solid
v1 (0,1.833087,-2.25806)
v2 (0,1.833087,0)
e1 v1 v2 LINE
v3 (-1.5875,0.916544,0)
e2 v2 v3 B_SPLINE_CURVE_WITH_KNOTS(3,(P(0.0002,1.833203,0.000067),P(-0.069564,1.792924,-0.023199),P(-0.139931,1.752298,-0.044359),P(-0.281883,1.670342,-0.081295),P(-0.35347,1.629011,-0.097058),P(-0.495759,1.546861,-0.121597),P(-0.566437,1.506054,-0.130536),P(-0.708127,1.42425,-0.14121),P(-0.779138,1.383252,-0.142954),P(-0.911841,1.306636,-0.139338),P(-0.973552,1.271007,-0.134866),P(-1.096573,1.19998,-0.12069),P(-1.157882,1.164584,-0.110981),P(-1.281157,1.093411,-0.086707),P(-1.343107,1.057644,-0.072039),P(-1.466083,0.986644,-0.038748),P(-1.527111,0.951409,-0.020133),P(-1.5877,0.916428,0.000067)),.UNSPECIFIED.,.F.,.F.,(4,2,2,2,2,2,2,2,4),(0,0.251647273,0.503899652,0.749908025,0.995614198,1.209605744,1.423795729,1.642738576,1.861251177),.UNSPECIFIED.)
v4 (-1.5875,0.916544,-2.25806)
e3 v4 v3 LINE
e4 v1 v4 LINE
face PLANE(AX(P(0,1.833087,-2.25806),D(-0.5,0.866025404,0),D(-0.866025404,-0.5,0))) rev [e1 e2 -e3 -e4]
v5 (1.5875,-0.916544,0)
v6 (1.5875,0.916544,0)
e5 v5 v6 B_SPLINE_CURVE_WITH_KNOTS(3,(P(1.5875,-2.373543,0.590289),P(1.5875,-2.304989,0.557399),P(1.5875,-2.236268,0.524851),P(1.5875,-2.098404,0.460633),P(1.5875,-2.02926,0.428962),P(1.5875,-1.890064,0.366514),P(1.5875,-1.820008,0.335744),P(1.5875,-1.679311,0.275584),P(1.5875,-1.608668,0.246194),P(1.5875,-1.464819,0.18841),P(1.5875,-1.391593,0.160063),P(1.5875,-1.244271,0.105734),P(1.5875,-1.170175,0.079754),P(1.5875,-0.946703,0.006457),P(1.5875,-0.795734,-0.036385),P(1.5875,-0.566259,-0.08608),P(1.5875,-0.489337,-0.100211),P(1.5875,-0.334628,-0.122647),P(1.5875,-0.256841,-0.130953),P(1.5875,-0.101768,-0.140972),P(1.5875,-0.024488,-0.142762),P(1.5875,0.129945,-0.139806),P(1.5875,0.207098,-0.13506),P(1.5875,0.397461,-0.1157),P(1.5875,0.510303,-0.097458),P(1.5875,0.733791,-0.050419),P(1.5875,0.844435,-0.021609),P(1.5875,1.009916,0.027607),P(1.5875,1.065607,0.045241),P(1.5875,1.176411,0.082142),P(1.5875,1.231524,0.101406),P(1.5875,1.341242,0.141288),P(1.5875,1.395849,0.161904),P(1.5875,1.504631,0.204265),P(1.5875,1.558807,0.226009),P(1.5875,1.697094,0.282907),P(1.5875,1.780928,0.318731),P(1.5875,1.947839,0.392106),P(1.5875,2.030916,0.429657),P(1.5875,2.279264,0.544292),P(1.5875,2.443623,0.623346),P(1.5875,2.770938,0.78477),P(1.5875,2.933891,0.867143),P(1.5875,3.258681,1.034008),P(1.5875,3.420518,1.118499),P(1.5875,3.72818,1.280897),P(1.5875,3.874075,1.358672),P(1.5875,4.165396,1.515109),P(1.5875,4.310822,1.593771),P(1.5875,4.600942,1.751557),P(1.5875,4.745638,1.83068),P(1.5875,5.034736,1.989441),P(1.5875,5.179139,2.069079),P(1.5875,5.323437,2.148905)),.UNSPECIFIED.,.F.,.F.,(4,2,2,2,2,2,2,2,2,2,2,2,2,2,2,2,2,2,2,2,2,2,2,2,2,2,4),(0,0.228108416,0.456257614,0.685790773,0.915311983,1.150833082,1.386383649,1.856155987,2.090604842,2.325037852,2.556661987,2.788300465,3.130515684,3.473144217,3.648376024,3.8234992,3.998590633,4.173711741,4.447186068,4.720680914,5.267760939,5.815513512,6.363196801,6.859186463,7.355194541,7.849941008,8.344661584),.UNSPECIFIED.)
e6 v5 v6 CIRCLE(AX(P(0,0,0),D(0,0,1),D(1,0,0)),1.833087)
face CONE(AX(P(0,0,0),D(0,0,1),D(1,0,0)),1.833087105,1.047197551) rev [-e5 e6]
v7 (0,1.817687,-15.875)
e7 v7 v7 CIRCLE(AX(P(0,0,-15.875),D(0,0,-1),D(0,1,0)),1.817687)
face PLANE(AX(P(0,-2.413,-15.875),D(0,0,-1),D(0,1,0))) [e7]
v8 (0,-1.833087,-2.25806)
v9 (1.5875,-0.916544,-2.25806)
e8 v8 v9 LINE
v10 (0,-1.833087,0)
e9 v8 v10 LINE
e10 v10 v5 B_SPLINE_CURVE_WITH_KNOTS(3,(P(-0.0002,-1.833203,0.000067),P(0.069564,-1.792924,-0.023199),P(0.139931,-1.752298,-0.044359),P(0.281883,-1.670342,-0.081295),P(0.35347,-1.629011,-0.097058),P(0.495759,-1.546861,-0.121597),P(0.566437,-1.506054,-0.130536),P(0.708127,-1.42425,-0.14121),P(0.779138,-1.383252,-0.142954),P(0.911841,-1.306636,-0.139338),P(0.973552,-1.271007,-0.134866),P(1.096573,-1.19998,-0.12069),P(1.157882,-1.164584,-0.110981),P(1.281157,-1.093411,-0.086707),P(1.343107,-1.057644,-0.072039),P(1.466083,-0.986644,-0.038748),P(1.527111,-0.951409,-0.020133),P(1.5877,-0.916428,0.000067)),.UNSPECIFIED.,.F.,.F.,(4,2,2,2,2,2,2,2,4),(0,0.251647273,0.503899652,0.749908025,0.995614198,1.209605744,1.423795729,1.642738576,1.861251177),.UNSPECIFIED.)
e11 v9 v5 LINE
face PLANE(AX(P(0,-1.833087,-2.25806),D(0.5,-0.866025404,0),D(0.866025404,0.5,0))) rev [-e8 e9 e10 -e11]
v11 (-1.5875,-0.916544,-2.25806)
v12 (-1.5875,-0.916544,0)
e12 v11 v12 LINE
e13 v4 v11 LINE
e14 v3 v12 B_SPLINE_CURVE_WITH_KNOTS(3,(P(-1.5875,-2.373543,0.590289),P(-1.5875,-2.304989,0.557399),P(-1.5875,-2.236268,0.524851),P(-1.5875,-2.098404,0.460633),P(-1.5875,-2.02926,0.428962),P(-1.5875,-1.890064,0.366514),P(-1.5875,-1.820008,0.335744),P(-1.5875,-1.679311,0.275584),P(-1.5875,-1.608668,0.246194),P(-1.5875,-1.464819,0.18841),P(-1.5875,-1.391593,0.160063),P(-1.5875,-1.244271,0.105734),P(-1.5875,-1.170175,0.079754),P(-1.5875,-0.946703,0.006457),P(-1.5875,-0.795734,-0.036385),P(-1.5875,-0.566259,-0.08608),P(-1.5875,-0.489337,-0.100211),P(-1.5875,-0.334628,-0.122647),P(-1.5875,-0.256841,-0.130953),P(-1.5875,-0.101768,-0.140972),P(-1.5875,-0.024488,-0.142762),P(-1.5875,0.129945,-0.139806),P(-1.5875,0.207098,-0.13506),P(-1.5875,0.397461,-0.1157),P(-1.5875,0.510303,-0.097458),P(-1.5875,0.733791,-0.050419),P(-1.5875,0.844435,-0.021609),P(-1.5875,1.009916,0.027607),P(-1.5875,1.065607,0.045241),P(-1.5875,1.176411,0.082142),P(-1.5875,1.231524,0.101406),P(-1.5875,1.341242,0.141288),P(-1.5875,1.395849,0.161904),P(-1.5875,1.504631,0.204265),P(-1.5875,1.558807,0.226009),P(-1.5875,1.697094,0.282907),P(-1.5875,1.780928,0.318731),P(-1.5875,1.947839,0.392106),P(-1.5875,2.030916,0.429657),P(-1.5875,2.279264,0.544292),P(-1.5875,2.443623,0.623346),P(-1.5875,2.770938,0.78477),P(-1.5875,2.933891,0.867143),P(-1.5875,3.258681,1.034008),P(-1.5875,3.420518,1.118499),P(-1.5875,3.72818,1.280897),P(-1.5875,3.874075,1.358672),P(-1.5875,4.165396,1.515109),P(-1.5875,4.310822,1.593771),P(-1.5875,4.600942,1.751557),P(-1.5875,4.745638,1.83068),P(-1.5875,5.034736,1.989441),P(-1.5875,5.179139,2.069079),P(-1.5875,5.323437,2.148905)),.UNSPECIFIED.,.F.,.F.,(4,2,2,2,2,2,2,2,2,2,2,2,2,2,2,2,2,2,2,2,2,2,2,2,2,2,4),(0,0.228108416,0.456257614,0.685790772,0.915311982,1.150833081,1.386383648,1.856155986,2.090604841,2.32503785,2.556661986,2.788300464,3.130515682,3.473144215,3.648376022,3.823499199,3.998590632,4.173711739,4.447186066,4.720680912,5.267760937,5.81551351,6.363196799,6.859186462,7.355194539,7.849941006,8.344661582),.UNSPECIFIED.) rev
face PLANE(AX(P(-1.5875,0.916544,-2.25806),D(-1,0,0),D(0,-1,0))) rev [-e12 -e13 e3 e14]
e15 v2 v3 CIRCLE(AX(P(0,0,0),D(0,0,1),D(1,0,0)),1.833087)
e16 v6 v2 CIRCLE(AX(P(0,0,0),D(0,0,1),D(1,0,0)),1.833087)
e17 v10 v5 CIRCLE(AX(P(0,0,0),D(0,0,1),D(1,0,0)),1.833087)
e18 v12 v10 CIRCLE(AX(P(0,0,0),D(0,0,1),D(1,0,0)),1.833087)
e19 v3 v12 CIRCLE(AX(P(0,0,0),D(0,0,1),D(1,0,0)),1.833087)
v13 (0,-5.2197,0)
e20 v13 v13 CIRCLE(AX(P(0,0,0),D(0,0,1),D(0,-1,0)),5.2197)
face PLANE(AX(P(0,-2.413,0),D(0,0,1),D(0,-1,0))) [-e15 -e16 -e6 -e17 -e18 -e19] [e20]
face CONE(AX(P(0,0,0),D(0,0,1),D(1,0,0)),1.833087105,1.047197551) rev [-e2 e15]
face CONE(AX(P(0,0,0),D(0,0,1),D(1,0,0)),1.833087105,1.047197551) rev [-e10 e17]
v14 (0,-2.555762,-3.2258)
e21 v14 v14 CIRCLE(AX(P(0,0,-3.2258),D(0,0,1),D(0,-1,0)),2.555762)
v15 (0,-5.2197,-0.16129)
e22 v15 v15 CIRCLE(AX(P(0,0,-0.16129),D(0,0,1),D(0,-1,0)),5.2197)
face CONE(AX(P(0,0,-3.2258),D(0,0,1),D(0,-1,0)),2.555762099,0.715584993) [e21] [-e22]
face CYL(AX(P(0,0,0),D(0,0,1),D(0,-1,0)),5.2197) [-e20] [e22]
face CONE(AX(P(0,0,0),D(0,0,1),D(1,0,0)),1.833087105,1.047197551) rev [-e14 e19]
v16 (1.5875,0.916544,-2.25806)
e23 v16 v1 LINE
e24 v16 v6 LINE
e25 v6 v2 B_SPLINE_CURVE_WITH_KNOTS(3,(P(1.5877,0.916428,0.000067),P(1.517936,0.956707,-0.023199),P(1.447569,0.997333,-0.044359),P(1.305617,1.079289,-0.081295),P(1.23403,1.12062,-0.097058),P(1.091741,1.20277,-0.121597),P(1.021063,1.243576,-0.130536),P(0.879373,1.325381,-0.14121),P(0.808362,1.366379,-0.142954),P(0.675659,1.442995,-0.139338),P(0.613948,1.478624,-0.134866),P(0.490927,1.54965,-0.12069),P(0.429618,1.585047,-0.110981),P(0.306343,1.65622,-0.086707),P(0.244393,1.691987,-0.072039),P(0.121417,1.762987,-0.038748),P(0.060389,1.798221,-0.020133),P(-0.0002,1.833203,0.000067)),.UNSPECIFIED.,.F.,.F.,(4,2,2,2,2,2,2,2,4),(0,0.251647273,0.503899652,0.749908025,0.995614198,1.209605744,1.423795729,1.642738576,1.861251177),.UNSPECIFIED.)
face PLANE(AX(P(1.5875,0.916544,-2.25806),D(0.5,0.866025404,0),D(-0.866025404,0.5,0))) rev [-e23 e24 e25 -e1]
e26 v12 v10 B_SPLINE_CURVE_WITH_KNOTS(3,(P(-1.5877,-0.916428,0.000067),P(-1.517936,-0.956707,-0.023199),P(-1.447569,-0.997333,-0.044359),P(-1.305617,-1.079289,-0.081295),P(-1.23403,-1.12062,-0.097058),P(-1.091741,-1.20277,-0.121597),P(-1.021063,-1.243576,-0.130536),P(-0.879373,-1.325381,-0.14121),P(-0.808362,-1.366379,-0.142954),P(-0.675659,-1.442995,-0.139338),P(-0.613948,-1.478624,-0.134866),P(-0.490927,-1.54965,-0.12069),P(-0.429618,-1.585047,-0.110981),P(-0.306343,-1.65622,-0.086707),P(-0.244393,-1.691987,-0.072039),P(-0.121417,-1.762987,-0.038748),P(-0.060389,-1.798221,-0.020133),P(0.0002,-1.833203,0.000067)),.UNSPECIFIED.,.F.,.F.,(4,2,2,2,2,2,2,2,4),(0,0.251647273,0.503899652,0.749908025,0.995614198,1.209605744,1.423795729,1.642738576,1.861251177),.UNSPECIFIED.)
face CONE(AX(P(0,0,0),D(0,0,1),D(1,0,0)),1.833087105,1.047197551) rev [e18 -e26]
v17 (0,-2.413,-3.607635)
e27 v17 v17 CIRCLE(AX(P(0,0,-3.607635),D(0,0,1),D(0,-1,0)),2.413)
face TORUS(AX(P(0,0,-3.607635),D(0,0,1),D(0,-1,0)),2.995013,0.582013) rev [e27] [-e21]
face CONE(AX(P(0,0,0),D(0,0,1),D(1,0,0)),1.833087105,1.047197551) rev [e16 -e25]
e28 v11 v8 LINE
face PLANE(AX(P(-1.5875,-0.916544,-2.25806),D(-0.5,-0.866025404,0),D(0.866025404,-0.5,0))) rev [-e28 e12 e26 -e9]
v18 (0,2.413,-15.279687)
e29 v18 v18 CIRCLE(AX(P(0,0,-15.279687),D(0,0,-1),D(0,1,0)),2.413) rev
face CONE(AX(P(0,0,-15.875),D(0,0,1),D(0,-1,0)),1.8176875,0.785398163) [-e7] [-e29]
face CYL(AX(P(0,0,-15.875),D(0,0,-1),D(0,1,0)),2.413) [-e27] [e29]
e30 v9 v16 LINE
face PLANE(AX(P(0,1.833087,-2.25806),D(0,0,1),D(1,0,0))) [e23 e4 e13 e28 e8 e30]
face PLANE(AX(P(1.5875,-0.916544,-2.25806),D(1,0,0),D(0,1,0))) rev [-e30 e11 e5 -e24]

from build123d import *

# Parameters (mm, degrees)
SKETCH1_W          = 15.875
SKETCH1_H          = 2.413
CHAMFER1_SIZE      = 0.5953125
CUT_EXTRUDE2_DEPTH = 2.25806


with BuildPart() as part:
    # Sketch1 → Revolve1 (revolve)
    with BuildSketch(Plane(origin=(0, 0, 0), x_dir=(0, 0, -1), z_dir=(1, 0, 0))):
        with Locations((7.9375, 1.2065)):
            Rectangle(SKETCH1_W, SKETCH1_H)
    revolve(axis=Axis((0, 0, -15.875), (0, 0, 1)))

    # Chamfer1
    chamfer1_edges = [part.edges().sort_by_distance(p)[0] for p in [
        (0, -2.413, -15.875),
    ]]
    chamfer(chamfer1_edges, length=CHAMFER1_SIZE)

    # Sketch7 → Revolve2 (revolve)
    with BuildSketch(Plane(origin=(0, 0, 0), x_dir=(0, 0, -1), z_dir=(1, 0, 0)), mode=Mode.PRIVATE) as revolve2_sk:
        with BuildLine():
            Line((0, 5.2197), (0.16129, 5.2197))
            Line((0.16129, 5.2197), (3.2258, 2.555762099))
            ThreePointArc((3.2258, 2.555762099), (3.403809493, 2.44985758), (3.607634579, 2.413))
            Line((3.607634579, 2.413), (3.607634579, 0))
            Line((3.607634579, 0), (0, 0))
            Line((0, 0), (0, 5.2197))
        make_face()
    revolve(revolve2_sk.sketch.rotate(Axis((0, 0, 0), (0, 0, -1)), 180), axis=Axis((0, 0, 0), (0, 0, -1)))

    # Sketch5 → Cut-Extrude2 (cut)
    with BuildSketch(Plane.XY):
        Polygon((0, 1.833087105), (-1.5875, 0.916543552), (-1.5875, -0.916543552), (0, -1.833087105), (1.5875, -0.916543552), (1.5875, 0.916543552), align=None)
    extrude(amount=-CUT_EXTRUDE2_DEPTH, mode=Mode.SUBTRACT)

    # Cut-Extrude3 cone 1 section (through the dimple's axis) → Cut-Extrude3 (revolve, cut)
    with BuildSketch(Plane(origin=(0, 0, 0), x_dir=(0, -1, 0), z_dir=(1, 0, 0))):
        Polygon((0, 0), (1.833087105, 0), (0, 1.058333333), align=None)
    revolve(axis=Axis((0, 0, 0), (0, 0, -1)), mode=Mode.SUBTRACT)


solid = part.part
